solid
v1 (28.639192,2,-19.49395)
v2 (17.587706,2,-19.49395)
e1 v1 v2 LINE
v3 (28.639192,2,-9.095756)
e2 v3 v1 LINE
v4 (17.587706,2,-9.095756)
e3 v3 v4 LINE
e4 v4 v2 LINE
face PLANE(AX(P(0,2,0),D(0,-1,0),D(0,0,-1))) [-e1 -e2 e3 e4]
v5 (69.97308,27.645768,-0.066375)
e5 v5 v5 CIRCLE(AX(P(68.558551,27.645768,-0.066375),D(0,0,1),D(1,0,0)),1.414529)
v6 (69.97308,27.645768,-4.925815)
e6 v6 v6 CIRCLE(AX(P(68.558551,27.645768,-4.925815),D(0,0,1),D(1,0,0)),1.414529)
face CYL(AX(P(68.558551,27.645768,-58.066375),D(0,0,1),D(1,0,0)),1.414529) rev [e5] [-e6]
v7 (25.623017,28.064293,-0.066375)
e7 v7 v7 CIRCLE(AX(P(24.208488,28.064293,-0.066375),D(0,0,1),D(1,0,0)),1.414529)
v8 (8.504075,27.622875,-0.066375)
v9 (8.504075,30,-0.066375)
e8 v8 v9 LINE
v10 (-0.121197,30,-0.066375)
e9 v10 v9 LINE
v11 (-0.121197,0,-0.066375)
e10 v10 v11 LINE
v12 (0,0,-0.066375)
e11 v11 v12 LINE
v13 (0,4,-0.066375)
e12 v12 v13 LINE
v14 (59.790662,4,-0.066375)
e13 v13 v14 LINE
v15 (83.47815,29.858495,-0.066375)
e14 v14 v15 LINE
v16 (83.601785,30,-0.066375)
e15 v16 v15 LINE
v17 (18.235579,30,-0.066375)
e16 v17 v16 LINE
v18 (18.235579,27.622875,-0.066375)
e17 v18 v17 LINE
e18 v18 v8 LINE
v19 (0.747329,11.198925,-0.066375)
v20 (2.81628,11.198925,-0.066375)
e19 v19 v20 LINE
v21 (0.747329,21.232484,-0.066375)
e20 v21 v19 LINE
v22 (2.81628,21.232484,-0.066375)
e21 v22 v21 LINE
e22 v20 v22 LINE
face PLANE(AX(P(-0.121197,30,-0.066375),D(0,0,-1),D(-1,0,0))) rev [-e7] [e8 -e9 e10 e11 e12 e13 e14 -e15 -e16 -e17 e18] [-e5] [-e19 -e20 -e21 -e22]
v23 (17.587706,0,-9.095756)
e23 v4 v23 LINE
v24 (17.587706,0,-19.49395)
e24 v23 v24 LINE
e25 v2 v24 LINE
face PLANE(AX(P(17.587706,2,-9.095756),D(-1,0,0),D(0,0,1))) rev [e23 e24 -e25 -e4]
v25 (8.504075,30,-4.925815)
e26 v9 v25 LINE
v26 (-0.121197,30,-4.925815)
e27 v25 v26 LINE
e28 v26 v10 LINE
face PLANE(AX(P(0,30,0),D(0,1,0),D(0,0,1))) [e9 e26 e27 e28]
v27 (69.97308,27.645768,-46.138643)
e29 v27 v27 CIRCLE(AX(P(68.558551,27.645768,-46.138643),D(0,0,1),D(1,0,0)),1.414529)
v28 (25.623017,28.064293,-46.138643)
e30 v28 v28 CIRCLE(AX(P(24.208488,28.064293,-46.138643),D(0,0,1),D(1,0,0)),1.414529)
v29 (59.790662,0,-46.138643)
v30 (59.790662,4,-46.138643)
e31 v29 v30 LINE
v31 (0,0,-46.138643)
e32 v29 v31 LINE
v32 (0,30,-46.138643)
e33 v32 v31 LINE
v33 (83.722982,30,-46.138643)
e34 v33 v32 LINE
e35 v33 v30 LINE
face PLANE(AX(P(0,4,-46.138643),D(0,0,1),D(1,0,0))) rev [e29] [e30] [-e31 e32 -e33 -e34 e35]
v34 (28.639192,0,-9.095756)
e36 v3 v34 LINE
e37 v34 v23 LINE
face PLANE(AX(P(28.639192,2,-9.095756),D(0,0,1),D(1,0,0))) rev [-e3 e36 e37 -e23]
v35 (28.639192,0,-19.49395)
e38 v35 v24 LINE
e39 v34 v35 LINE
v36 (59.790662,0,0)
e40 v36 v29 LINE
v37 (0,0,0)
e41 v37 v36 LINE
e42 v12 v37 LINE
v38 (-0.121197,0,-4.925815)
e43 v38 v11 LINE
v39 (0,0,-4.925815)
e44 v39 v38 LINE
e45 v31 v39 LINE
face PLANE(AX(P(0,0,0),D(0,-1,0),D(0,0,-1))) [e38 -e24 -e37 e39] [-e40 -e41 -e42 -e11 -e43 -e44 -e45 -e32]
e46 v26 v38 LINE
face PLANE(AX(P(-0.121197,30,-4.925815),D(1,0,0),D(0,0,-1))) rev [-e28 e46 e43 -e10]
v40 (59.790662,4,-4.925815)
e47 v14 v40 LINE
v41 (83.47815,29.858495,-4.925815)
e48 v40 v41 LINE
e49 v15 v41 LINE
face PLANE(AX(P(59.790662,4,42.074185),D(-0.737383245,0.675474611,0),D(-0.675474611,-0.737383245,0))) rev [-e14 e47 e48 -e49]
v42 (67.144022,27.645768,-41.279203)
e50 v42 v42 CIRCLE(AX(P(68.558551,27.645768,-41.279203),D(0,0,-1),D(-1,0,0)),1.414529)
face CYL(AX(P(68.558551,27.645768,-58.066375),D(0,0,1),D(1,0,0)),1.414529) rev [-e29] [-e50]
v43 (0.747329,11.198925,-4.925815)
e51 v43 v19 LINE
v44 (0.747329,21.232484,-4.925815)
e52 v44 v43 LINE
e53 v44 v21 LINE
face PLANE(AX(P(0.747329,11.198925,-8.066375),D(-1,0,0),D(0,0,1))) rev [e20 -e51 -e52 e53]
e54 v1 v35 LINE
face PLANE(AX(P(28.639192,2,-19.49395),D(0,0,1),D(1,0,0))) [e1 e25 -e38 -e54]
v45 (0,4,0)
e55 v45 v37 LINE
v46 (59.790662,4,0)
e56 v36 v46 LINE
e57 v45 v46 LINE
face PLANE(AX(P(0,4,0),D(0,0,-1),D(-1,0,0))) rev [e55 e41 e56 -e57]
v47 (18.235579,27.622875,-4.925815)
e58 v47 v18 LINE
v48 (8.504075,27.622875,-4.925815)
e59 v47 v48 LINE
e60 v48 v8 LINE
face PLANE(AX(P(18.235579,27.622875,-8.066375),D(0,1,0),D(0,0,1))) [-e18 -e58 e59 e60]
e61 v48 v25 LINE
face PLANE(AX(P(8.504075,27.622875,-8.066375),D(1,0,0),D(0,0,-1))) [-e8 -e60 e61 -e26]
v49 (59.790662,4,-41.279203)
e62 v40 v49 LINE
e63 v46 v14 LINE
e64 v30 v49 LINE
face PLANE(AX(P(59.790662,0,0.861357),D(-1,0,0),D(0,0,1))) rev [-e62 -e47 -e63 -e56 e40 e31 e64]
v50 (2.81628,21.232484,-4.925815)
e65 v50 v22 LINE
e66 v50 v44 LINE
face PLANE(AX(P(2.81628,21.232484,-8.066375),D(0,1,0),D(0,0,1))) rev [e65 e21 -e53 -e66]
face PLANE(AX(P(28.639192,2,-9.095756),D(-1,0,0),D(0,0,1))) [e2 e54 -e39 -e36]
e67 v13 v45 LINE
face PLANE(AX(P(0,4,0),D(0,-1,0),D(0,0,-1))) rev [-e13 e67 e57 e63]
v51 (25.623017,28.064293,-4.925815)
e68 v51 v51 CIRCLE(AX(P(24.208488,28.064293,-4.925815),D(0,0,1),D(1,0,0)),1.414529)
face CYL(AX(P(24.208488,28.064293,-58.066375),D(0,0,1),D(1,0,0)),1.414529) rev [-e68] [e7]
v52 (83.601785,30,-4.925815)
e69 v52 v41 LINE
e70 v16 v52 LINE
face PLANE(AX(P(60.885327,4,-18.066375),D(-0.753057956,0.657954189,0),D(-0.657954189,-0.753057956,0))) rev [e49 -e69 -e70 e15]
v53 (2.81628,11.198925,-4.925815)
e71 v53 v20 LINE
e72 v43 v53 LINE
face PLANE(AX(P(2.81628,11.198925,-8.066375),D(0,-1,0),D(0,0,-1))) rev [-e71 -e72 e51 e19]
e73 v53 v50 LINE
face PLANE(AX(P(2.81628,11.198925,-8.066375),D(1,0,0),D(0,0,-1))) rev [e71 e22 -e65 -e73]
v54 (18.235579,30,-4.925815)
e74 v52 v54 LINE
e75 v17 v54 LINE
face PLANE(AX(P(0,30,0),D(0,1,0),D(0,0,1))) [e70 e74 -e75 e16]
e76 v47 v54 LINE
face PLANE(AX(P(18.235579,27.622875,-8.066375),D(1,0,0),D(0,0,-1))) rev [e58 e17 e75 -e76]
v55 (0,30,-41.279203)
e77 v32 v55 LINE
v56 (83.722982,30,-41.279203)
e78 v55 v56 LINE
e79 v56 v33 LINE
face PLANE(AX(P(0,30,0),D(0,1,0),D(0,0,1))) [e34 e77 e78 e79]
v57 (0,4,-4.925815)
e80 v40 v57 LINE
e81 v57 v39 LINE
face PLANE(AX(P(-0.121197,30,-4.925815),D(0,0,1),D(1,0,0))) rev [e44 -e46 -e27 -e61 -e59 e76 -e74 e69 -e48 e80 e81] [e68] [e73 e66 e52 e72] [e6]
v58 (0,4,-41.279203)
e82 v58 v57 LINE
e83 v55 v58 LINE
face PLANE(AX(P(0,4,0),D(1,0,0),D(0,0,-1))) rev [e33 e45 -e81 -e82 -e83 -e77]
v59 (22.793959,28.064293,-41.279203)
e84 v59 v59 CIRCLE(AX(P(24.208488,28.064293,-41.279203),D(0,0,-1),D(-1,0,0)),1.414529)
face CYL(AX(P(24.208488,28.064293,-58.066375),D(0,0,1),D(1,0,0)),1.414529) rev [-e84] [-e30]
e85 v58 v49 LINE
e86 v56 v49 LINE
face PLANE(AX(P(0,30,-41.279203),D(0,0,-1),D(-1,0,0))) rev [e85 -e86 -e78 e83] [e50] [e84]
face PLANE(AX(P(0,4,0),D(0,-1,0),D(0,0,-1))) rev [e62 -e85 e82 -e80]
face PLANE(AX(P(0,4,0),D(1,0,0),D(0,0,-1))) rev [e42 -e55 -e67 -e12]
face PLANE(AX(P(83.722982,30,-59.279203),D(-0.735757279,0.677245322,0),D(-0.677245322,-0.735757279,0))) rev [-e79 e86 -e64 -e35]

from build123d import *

# Parameters (mm, degrees)
SKETCH1_W           = 83.722982013
SKETCH1_H           = 46.138643349
BOSS_EXTRUDE1_DEPTH = 4
SKETCH2_W           = 83.722982013
SKETCH2_H           = 4.859440563
BOSS_EXTRUDE2_DEPTH = 30
CUT_EXTRUDE10_DEPTH = 18
CUT_EXTRUDE11_DEPTH = 18
SKETCH7_W           = 22.745855452
SKETCH7_H           = 4
CUT_EXTRUDE14_DEPTH = 54
SKETCH8_W           = 11.05148618
SKETCH8_H           = 10.398194851
CUT_EXTRUDE15_DEPTH = 2
SKETCH9_W           = 9.731504247
SKETCH9_H           = 2.37712486
CUT_EXTRUDE16_DEPTH = 8
SKETCH10_W          = 2.06895071
SKETCH10_H          = 10.033558555
CUT_EXTRUDE17_DEPTH = 8
SKETCH11_W          = 1.186464173
SKETCH11_H          = 4
CUT_EXTRUDE18_DEPTH = 47
CUT_EXTRUDE19_DEPTH = 47
SKETCH13_R          = 1.414529115
CUT_EXTRUDE20_DEPTH = 58


with BuildPart() as part:
    # Sketch1 → Boss-Extrude1 (new body)
    with BuildSketch(Plane(origin=(0, 0, 0), x_dir=(1, 0, 0), z_dir=(0, 1, 0))):
        with Locations((41.861491007, 23.069321675)):
            Rectangle(SKETCH1_W, SKETCH1_H)
    extrude(amount=BOSS_EXTRUDE1_DEPTH)

    # Sketch2 → Boss-Extrude2 (add)
    with BuildSketch(Plane(origin=(0, 0, 0), x_dir=(1, 0, 0), z_dir=(0, 1, 0))):
        with Locations((41.861491007, 43.708923068)):
            Rectangle(SKETCH2_W, SKETCH2_H)
        with Locations((41.740293795, 2.496094928)):
            Rectangle(SKETCH2_W, SKETCH2_H)
    extrude(amount=BOSS_EXTRUDE2_DEPTH)

    # Sketch3 → Cut-Extrude10 (cut)
    with BuildSketch(Plane.XY.offset(-0.066374646)):
        Polygon((83.601784801, 30), (83.601784801, 4), (60.885327478, 4), align=None)
    extrude(amount=-CUT_EXTRUDE10_DEPTH, mode=Mode.SUBTRACT)

    # Sketch6 → Cut-Extrude11 (cut)
    with BuildSketch(Plane.XY.offset(-41.279202786)):
        Polygon((83.722982013, 30), (59.790662388, 4), (83.722982013, 4), align=None)
    extrude(amount=-CUT_EXTRUDE11_DEPTH, mode=Mode.SUBTRACT)

    # Sketch7 → Cut-Extrude14 (cut)
    with BuildSketch(Plane.XY):
        with Locations((72.350054287, 2)):
            Rectangle(SKETCH7_W, SKETCH7_H)
    extrude(amount=-CUT_EXTRUDE14_DEPTH, mode=Mode.SUBTRACT)

    # Sketch8 → Cut-Extrude15 (cut)
    with BuildSketch(Plane.XZ):
        with Locations((23.113449186, -14.294853075)):
            Rectangle(SKETCH8_W, SKETCH8_H)
    extrude(amount=-CUT_EXTRUDE15_DEPTH, mode=Mode.SUBTRACT)

    # Sketch9 → Cut-Extrude16 (cut)
    with BuildSketch(Plane.XY.offset(-0.066374646)):
        with Locations((13.369827145, 28.81143757)):
            Rectangle(SKETCH9_W, SKETCH9_H)
    extrude(amount=-CUT_EXTRUDE16_DEPTH, mode=Mode.SUBTRACT)

    # Sketch10 → Cut-Extrude17 (cut)
    with BuildSketch(Plane.XY.offset(-0.066374646)):
        with Locations((1.781804149, 16.215704525)):
            Rectangle(SKETCH10_W, SKETCH10_H)
    extrude(amount=-CUT_EXTRUDE17_DEPTH, mode=Mode.SUBTRACT)

    # Sketch11 → Cut-Extrude18 (cut)
    with BuildSketch(Plane(origin=(0, 0, -46.138643349), x_dir=(-1, 0, 0), z_dir=(0, 0, -1))):
        with Locations((-60.383894475, 2)):
            Rectangle(SKETCH11_W, SKETCH11_H)
    extrude(amount=-CUT_EXTRUDE18_DEPTH, mode=Mode.SUBTRACT)

    # Sketch12 → Cut-Extrude19 (cut)
    with BuildSketch(Plane(origin=(0, 0, -4.925815209), x_dir=(-1, 0, 0), z_dir=(0, 0, -1))):
        Polygon((-59.790662388, 4), (-83.478150153, 29.858494623), (-60.885327478, 4), align=None)
    extrude(amount=-CUT_EXTRUDE19_DEPTH, mode=Mode.SUBTRACT)

    # Sketch13 → Cut-Extrude20 (cut)
    with BuildSketch(Plane.XY.offset(-0.066374646)):
        with Locations((68.55855115, 27.64576808)):
            Circle(SKETCH13_R)
        with Locations((24.208487852, 28.064292507)):
            Circle(SKETCH13_R)
    extrude(amount=-CUT_EXTRUDE20_DEPTH, mode=Mode.SUBTRACT)


solid = part.part
